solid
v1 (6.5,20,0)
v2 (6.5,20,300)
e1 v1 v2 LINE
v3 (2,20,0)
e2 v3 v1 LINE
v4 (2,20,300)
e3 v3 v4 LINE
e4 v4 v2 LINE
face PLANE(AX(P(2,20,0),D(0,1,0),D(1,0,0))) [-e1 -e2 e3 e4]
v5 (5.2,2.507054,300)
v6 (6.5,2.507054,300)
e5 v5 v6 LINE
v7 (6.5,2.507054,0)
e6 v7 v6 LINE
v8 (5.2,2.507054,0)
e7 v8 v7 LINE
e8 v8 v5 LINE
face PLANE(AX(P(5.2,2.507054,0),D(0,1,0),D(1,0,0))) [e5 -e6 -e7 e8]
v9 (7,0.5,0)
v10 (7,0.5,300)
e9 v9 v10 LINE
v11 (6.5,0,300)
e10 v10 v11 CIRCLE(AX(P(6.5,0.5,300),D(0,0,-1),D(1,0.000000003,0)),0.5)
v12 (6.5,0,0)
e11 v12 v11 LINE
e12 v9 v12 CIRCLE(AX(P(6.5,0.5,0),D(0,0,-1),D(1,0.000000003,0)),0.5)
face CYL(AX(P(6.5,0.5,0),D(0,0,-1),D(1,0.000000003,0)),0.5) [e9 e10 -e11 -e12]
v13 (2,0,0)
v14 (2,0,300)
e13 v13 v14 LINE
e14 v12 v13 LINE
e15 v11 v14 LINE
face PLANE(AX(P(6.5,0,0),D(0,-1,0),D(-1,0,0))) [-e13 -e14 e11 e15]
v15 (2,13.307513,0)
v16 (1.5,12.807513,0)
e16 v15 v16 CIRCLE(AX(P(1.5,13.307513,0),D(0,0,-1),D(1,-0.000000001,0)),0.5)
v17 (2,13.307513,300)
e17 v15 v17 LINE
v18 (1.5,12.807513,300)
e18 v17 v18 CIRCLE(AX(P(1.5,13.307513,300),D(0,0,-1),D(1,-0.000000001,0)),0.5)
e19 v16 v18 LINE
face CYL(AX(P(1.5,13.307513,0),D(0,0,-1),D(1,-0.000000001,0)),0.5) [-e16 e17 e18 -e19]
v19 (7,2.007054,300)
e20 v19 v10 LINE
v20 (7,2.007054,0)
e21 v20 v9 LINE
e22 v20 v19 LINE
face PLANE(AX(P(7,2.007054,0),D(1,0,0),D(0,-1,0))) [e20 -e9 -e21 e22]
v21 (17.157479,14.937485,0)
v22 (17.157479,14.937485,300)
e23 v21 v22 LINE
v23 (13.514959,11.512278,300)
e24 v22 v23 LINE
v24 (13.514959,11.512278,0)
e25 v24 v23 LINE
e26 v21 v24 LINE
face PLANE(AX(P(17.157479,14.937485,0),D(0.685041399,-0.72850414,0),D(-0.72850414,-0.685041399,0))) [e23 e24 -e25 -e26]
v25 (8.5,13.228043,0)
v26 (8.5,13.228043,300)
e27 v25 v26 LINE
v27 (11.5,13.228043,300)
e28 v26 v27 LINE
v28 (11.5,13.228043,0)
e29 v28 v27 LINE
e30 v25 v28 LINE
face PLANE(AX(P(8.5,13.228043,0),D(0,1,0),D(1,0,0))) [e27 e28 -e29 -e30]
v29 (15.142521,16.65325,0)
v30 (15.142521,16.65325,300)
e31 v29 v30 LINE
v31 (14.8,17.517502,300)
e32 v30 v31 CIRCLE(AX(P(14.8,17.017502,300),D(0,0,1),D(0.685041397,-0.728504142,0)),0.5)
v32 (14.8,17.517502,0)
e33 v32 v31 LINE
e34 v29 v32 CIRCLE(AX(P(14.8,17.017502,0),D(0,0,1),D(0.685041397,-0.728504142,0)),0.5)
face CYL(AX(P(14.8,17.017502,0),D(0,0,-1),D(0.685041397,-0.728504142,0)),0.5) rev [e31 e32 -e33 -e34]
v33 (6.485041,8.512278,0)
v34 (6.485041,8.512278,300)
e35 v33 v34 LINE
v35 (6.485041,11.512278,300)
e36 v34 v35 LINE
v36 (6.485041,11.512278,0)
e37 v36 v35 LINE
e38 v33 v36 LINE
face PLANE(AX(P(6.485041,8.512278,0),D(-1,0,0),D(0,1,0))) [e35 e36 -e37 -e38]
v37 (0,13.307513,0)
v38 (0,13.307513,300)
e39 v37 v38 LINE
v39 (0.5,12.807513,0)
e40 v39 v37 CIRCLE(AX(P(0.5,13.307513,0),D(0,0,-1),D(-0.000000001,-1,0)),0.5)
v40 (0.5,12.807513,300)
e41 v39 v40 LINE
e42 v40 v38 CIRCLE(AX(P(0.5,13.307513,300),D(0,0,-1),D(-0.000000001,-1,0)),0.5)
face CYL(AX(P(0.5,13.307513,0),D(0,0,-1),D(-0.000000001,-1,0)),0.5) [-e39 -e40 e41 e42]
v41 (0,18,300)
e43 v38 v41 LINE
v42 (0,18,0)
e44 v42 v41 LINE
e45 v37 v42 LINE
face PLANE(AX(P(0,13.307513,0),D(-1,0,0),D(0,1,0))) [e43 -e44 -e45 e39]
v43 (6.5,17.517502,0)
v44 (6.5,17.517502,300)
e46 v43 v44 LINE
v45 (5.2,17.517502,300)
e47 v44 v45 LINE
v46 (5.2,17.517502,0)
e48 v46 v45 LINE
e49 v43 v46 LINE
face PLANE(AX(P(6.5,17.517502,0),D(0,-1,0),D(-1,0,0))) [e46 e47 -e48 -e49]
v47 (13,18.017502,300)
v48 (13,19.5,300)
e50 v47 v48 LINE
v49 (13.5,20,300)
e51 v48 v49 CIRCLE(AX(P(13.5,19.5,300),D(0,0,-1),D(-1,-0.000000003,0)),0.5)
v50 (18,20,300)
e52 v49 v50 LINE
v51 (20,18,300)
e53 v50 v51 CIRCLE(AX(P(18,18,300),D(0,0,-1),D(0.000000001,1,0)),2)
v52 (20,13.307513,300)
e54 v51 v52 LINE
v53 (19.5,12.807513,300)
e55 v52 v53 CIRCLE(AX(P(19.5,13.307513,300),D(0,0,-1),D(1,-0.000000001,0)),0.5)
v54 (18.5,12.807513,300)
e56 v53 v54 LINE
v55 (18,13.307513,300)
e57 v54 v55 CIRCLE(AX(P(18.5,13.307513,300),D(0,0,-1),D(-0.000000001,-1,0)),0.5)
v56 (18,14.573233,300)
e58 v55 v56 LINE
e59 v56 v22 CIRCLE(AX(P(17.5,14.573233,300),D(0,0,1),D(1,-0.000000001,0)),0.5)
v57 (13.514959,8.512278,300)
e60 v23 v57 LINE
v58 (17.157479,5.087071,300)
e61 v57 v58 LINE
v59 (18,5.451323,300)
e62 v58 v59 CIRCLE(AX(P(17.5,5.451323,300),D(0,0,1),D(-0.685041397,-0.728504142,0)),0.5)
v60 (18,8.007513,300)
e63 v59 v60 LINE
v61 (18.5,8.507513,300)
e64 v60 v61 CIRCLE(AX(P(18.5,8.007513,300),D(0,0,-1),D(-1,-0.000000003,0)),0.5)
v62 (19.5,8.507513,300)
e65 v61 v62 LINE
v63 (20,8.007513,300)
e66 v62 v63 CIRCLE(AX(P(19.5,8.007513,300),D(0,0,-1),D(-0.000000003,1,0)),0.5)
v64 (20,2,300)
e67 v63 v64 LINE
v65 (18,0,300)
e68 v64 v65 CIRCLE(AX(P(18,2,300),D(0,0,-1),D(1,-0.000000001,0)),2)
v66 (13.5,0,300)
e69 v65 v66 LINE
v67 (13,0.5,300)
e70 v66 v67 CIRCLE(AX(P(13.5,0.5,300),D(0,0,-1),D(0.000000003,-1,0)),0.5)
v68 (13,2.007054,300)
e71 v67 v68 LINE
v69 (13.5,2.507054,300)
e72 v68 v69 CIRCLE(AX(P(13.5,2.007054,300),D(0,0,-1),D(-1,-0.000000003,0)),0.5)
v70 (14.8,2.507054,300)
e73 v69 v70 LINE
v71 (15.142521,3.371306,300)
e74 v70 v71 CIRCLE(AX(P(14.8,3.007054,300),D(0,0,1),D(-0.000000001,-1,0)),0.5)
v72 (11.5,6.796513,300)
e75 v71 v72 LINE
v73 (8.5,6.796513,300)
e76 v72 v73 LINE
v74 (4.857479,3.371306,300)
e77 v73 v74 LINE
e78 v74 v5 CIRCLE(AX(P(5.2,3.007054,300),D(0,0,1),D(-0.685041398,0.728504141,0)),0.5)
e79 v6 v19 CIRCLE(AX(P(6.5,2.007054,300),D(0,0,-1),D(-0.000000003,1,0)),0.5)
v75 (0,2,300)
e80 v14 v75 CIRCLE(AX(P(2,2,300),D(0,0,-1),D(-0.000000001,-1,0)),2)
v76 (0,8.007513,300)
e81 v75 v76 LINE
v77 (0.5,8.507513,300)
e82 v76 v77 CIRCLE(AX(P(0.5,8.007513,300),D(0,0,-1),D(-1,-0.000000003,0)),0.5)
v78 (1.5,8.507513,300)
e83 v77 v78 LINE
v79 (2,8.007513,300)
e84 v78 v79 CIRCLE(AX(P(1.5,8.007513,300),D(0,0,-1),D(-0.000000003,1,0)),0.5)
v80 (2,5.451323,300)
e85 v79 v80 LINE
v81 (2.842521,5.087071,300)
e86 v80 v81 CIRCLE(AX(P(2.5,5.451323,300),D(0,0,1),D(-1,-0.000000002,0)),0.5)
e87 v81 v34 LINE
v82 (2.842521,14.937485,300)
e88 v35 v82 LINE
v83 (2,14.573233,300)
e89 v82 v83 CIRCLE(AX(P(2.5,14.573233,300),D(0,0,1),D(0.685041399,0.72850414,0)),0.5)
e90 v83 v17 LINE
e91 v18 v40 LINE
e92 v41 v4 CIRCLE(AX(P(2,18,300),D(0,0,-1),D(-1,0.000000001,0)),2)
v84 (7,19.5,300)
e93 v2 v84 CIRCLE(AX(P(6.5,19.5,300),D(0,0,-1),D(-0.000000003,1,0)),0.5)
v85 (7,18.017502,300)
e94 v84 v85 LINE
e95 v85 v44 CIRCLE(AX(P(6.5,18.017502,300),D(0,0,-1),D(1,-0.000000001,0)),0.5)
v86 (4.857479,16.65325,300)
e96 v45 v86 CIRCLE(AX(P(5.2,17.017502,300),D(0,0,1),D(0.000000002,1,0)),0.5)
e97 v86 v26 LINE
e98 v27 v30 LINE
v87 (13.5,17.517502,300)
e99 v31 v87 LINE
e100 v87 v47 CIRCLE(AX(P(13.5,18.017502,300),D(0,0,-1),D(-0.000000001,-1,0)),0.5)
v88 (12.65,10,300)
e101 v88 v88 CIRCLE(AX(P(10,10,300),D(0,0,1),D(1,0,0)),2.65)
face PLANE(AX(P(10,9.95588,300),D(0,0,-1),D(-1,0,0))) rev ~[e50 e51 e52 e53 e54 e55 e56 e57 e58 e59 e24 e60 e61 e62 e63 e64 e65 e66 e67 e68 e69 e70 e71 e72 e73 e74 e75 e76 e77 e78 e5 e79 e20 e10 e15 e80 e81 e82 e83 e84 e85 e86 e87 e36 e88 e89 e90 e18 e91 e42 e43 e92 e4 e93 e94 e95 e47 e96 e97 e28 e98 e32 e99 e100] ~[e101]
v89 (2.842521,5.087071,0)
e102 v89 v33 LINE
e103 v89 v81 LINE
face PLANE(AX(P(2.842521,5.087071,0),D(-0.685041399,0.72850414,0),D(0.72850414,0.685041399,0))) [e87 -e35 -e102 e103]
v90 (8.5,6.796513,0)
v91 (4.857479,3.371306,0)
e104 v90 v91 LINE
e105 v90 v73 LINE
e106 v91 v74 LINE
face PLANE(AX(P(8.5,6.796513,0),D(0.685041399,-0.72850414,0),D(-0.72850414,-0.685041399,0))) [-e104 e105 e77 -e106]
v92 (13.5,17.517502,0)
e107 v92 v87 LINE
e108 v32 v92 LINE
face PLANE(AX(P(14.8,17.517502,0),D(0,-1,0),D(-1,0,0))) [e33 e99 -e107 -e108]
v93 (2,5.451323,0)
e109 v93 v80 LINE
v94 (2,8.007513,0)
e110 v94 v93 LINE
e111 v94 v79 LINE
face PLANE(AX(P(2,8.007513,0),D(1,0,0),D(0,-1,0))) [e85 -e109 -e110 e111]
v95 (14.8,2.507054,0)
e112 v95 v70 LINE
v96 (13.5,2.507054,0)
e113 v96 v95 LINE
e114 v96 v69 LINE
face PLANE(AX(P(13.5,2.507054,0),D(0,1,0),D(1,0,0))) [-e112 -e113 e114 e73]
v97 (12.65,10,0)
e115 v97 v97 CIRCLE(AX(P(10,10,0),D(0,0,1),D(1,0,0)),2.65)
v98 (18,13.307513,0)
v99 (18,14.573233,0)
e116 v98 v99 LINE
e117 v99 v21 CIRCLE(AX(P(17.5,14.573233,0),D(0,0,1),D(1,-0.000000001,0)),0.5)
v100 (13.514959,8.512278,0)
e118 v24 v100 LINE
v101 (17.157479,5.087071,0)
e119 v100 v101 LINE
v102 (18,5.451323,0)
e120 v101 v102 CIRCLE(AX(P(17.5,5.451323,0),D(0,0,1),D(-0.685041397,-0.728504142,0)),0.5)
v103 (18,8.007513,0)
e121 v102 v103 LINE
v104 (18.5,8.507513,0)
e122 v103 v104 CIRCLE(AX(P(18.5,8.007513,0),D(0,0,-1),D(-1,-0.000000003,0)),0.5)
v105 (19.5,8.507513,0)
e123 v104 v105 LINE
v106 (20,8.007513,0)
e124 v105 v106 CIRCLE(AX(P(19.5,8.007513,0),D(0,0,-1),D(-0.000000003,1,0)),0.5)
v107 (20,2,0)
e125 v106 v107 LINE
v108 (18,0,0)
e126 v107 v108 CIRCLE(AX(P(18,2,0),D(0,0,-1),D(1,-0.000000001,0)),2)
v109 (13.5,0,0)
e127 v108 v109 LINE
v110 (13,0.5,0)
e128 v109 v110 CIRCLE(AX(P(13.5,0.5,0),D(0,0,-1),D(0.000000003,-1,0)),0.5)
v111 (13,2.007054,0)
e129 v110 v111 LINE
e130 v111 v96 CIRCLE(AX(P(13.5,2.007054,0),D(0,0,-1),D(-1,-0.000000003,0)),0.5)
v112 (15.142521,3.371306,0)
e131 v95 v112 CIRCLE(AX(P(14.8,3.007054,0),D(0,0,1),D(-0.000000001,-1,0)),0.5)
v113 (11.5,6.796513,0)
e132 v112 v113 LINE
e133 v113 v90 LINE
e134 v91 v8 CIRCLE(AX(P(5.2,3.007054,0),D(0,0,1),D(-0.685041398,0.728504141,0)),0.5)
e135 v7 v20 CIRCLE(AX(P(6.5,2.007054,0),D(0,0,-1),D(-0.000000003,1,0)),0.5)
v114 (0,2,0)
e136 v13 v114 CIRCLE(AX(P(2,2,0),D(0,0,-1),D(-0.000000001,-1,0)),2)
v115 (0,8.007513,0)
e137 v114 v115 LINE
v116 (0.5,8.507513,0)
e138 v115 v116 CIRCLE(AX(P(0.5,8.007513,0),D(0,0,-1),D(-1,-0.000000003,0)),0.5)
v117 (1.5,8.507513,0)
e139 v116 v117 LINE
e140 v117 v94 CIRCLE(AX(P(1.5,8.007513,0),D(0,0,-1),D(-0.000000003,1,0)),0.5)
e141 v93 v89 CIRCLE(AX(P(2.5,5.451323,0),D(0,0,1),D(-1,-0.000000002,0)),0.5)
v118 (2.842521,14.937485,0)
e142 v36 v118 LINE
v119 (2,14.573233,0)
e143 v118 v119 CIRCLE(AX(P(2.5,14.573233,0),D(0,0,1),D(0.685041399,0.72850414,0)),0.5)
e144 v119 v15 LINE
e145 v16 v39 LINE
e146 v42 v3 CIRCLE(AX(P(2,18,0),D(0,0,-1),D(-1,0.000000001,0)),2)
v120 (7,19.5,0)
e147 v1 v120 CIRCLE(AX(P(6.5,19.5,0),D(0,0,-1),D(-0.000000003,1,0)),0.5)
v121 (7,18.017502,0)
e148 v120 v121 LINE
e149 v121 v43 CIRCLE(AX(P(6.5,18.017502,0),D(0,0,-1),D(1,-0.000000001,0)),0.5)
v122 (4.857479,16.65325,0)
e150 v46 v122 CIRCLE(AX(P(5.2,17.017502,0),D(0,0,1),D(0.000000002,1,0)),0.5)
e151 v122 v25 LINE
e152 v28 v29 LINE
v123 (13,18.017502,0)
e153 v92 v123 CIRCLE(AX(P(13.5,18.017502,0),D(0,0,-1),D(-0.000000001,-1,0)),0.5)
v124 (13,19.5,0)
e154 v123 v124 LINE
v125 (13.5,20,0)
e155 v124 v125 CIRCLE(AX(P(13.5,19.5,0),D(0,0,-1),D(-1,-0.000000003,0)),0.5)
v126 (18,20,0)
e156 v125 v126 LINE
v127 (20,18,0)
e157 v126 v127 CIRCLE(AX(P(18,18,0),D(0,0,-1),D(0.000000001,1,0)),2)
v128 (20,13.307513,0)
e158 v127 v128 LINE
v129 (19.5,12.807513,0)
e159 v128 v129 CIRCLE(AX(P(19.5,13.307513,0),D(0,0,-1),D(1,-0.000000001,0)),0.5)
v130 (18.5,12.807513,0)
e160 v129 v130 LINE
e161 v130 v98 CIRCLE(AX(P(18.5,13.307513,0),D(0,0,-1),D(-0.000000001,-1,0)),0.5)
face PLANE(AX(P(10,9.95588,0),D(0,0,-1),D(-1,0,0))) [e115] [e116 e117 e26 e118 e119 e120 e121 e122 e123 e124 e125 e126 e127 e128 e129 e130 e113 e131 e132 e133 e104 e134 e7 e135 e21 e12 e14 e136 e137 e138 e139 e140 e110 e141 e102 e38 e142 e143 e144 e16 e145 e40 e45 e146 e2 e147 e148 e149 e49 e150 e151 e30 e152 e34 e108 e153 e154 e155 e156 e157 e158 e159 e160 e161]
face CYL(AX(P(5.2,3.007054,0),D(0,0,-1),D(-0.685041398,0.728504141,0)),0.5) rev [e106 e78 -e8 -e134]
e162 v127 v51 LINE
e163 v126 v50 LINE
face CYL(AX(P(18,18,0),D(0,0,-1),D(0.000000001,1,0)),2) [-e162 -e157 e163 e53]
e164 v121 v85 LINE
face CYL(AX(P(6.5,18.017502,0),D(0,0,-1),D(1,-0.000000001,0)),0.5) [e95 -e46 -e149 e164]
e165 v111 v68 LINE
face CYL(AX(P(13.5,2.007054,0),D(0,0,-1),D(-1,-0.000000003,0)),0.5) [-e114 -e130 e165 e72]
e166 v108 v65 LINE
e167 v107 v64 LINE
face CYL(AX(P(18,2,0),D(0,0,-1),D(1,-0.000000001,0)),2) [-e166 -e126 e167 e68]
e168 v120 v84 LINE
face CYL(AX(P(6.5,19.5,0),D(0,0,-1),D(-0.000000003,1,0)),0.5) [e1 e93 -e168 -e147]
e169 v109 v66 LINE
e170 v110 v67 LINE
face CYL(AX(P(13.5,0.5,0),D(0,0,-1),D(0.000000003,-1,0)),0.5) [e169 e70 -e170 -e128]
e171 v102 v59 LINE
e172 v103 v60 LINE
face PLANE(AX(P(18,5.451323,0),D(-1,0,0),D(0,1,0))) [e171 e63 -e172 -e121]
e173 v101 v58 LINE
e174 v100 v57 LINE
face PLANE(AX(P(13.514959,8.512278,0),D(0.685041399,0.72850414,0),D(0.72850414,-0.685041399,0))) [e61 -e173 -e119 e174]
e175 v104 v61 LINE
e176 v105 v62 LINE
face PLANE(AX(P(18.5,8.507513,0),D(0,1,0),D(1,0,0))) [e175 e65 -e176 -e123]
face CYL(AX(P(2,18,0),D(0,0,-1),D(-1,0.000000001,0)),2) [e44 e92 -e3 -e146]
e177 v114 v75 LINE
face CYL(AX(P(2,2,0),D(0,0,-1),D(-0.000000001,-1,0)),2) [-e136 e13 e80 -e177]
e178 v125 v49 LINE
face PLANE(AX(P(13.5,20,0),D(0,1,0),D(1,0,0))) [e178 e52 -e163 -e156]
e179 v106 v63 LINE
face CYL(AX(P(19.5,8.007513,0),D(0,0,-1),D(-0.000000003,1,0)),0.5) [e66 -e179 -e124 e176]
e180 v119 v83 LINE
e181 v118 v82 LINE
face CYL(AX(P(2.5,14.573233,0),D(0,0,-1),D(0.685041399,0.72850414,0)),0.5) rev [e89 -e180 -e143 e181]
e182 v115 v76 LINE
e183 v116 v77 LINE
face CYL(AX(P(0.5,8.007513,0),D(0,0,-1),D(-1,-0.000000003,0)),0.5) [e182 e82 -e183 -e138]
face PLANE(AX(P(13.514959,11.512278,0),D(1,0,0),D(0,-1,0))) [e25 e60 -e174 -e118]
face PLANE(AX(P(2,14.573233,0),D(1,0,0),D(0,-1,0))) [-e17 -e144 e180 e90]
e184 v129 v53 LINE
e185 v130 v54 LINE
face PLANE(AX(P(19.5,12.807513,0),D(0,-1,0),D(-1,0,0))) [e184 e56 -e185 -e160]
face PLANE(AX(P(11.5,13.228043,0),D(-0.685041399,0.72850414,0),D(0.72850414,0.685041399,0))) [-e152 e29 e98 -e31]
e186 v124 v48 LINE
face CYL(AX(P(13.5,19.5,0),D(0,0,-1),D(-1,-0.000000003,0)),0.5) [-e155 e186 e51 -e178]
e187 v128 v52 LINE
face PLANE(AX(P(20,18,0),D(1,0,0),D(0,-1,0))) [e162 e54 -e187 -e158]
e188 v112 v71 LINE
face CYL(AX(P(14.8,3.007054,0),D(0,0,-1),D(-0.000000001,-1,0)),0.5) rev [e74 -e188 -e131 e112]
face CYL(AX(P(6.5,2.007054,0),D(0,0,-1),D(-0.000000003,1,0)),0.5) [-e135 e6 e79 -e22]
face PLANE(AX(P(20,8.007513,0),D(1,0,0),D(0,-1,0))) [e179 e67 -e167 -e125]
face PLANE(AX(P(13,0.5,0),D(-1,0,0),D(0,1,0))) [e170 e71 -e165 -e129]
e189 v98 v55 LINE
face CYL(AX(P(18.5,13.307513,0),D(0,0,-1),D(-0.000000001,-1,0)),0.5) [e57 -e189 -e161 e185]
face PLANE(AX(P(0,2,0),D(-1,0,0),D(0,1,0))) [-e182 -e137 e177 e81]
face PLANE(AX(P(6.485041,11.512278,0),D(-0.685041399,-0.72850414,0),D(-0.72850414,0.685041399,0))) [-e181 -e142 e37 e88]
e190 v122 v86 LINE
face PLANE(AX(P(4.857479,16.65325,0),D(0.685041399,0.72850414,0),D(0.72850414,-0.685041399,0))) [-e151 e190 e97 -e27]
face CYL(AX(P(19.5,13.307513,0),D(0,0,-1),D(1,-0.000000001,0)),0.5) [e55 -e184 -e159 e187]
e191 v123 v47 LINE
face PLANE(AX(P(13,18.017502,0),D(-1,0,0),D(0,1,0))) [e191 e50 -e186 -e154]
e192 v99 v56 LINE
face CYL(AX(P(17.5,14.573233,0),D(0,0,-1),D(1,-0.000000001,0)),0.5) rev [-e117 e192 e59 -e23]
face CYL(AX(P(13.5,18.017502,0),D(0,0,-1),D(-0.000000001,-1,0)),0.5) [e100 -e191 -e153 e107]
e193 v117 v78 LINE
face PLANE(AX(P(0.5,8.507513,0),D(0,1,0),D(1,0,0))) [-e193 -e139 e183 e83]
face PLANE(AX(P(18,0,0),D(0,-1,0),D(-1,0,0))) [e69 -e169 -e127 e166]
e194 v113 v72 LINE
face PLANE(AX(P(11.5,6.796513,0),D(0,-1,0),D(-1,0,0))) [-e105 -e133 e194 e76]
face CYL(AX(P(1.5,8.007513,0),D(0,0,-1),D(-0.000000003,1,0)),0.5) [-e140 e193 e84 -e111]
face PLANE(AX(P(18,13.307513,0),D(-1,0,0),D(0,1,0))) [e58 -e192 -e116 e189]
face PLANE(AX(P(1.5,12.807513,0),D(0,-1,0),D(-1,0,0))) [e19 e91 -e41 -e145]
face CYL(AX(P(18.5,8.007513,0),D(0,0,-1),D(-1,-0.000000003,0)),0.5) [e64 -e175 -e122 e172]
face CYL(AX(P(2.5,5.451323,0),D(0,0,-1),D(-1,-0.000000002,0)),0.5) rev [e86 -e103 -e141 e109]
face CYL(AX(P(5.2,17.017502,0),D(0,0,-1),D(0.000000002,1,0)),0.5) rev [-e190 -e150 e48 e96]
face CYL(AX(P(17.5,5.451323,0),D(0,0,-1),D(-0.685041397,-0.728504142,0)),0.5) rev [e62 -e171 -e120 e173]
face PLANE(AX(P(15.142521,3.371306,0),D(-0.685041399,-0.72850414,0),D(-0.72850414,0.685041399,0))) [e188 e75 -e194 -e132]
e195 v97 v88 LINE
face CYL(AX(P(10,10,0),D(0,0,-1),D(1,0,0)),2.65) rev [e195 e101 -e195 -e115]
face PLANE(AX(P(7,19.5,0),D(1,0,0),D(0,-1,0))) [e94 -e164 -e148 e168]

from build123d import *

# Parameters (mm, degrees)
SKETCH1_R           = 2.65
BOSS_EXTRUDE2_DEPTH = 300


with BuildPart() as part:
    # Sketch1 → Boss-Extrude2 (new body)
    with BuildSketch(Plane.XY):
        with BuildLine():
            Line((0, 2), (0, 8.007512652))
            ThreePointArc((0, 8.007512652), (0.146446609, 8.361066043), (0.5, 8.507512652))
            Line((0.5, 8.507512652), (1.5, 8.507512652))
            ThreePointArc((1.5, 8.507512652), (1.853553391, 8.361066043), (2, 8.007512652))
            Line((2, 8.007512652), (2, 5.451323229))
            ThreePointArc((2, 5.451323229), (2.301581692, 4.992378598), (2.842520699, 5.087071159))
            Line((2.842520699, 5.087071159), (6.485041399, 8.512278154))
            Line((6.485041399, 8.512278154), (6.485041399, 11.512278154))
            Line((6.485041399, 11.512278154), (2.842520699, 14.937485148))
            ThreePointArc((2.842520699, 14.937485148), (2.301581692, 15.03217771), (2, 14.573233078))
            Line((2, 14.573233078), (2, 13.307512652))
            ThreePointArc((2, 13.307512652), (1.853553391, 12.953959262), (1.5, 12.807512652))
            Line((1.5, 12.807512652), (0.5, 12.807512652))
            ThreePointArc((0.5, 12.807512652), (0.146446609, 12.953959262), (0, 13.307512652))
            Line((0, 13.307512652), (0, 18))
            ThreePointArc((0, 18), (0.585786438, 19.414213562), (2, 20))
            Line((2, 20), (6.5, 20))
            ThreePointArc((6.5, 20), (6.853553391, 19.853553391), (7, 19.5))
            Line((7, 19.5), (7, 18.017502122))
            ThreePointArc((7, 18.017502122), (6.853553391, 17.663948732), (6.5, 17.517502122))
            Line((6.5, 17.517502122), (5.2, 17.517502122))
            ThreePointArc((5.2, 17.517502122), (4.735174207, 17.201722052), (4.857479301, 16.653250052))
            Line((4.857479301, 16.653250052), (8.5, 13.228043058))
            Line((8.5, 13.228043058), (11.5, 13.228043058))
            Line((11.5, 13.228043058), (15.142520699, 16.653250052))
            ThreePointArc((15.142520699, 16.653250052), (15.264825793, 17.201722052), (14.8, 17.517502122))
            Line((14.8, 17.517502122), (13.5, 17.517502122))
            ThreePointArc((13.5, 17.517502122), (13.146446609, 17.663948732), (13, 18.017502122))
            Line((13, 18.017502122), (13, 19.5))
            ThreePointArc((13, 19.5), (13.146446609, 19.853553391), (13.5, 20))
            Line((13.5, 20), (18, 20))
            ThreePointArc((18, 20), (19.414213562, 19.414213562), (20, 18))
            Line((20, 18), (20, 13.307512652))
            ThreePointArc((20, 13.307512652), (19.853553391, 12.953959262), (19.5, 12.807512652))
            Line((19.5, 12.807512652), (18.5, 12.807512652))
            ThreePointArc((18.5, 12.807512652), (18.146446609, 12.953959262), (18, 13.307512652))
            Line((18, 13.307512652), (18, 14.573233078))
            ThreePointArc((18, 14.573233078), (17.698418308, 15.03217771), (17.157479301, 14.937485148))
            Line((17.157479301, 14.937485148), (13.514958601, 11.512278154))
            Line((13.514958601, 11.512278154), (13.514958601, 8.512278154))
            Line((13.514958601, 8.512278154), (17.157479301, 5.087071159))
            ThreePointArc((17.157479301, 5.087071159), (17.698418308, 4.992378598), (18, 5.451323229))
            Line((18, 5.451323229), (18, 8.007512652))
            ThreePointArc((18, 8.007512652), (18.146446609, 8.361066043), (18.5, 8.507512652))
            Line((18.5, 8.507512652), (19.5, 8.507512652))
            ThreePointArc((19.5, 8.507512652), (19.853553391, 8.361066043), (20, 8.007512652))
            Line((20, 8.007512652), (20, 2))
            ThreePointArc((20, 2), (19.414213562, 0.585786438), (18, 0))
            Line((18, 0), (13.5, 0))
            ThreePointArc((13.5, 0), (13.146446609, 0.146446609), (13, 0.5))
            Line((13, 0.5), (13, 2.007054185))
            ThreePointArc((13, 2.007054185), (13.146446609, 2.360607576), (13.5, 2.507054185))
            Line((13.5, 2.507054185), (14.8, 2.507054185))
            ThreePointArc((14.8, 2.507054185), (15.264825793, 2.822834256), (15.142520699, 3.371306255))
            Line((15.142520699, 3.371306255), (11.5, 6.79651325))
            Line((11.5, 6.79651325), (8.5, 6.79651325))
            Line((8.5, 6.79651325), (4.857479301, 3.371306255))
            ThreePointArc((4.857479301, 3.371306255), (4.735174207, 2.822834256), (5.2, 2.507054185))
            Line((5.2, 2.507054185), (6.5, 2.507054185))
            ThreePointArc((6.5, 2.507054185), (6.853553391, 2.360607576), (7, 2.007054185))
            Line((7, 2.007054185), (7, 0.5))
            ThreePointArc((7, 0.5), (6.853553391, 0.146446609), (6.5, 0))
            Line((6.5, 0), (2, 0))
            ThreePointArc((2, 0), (0.585786438, 0.585786438), (0, 2))
        make_face()
        with Locations((10, 10)):
            Circle(SKETCH1_R, mode=Mode.SUBTRACT)
    extrude(amount=BOSS_EXTRUDE2_DEPTH)


solid = part.part
